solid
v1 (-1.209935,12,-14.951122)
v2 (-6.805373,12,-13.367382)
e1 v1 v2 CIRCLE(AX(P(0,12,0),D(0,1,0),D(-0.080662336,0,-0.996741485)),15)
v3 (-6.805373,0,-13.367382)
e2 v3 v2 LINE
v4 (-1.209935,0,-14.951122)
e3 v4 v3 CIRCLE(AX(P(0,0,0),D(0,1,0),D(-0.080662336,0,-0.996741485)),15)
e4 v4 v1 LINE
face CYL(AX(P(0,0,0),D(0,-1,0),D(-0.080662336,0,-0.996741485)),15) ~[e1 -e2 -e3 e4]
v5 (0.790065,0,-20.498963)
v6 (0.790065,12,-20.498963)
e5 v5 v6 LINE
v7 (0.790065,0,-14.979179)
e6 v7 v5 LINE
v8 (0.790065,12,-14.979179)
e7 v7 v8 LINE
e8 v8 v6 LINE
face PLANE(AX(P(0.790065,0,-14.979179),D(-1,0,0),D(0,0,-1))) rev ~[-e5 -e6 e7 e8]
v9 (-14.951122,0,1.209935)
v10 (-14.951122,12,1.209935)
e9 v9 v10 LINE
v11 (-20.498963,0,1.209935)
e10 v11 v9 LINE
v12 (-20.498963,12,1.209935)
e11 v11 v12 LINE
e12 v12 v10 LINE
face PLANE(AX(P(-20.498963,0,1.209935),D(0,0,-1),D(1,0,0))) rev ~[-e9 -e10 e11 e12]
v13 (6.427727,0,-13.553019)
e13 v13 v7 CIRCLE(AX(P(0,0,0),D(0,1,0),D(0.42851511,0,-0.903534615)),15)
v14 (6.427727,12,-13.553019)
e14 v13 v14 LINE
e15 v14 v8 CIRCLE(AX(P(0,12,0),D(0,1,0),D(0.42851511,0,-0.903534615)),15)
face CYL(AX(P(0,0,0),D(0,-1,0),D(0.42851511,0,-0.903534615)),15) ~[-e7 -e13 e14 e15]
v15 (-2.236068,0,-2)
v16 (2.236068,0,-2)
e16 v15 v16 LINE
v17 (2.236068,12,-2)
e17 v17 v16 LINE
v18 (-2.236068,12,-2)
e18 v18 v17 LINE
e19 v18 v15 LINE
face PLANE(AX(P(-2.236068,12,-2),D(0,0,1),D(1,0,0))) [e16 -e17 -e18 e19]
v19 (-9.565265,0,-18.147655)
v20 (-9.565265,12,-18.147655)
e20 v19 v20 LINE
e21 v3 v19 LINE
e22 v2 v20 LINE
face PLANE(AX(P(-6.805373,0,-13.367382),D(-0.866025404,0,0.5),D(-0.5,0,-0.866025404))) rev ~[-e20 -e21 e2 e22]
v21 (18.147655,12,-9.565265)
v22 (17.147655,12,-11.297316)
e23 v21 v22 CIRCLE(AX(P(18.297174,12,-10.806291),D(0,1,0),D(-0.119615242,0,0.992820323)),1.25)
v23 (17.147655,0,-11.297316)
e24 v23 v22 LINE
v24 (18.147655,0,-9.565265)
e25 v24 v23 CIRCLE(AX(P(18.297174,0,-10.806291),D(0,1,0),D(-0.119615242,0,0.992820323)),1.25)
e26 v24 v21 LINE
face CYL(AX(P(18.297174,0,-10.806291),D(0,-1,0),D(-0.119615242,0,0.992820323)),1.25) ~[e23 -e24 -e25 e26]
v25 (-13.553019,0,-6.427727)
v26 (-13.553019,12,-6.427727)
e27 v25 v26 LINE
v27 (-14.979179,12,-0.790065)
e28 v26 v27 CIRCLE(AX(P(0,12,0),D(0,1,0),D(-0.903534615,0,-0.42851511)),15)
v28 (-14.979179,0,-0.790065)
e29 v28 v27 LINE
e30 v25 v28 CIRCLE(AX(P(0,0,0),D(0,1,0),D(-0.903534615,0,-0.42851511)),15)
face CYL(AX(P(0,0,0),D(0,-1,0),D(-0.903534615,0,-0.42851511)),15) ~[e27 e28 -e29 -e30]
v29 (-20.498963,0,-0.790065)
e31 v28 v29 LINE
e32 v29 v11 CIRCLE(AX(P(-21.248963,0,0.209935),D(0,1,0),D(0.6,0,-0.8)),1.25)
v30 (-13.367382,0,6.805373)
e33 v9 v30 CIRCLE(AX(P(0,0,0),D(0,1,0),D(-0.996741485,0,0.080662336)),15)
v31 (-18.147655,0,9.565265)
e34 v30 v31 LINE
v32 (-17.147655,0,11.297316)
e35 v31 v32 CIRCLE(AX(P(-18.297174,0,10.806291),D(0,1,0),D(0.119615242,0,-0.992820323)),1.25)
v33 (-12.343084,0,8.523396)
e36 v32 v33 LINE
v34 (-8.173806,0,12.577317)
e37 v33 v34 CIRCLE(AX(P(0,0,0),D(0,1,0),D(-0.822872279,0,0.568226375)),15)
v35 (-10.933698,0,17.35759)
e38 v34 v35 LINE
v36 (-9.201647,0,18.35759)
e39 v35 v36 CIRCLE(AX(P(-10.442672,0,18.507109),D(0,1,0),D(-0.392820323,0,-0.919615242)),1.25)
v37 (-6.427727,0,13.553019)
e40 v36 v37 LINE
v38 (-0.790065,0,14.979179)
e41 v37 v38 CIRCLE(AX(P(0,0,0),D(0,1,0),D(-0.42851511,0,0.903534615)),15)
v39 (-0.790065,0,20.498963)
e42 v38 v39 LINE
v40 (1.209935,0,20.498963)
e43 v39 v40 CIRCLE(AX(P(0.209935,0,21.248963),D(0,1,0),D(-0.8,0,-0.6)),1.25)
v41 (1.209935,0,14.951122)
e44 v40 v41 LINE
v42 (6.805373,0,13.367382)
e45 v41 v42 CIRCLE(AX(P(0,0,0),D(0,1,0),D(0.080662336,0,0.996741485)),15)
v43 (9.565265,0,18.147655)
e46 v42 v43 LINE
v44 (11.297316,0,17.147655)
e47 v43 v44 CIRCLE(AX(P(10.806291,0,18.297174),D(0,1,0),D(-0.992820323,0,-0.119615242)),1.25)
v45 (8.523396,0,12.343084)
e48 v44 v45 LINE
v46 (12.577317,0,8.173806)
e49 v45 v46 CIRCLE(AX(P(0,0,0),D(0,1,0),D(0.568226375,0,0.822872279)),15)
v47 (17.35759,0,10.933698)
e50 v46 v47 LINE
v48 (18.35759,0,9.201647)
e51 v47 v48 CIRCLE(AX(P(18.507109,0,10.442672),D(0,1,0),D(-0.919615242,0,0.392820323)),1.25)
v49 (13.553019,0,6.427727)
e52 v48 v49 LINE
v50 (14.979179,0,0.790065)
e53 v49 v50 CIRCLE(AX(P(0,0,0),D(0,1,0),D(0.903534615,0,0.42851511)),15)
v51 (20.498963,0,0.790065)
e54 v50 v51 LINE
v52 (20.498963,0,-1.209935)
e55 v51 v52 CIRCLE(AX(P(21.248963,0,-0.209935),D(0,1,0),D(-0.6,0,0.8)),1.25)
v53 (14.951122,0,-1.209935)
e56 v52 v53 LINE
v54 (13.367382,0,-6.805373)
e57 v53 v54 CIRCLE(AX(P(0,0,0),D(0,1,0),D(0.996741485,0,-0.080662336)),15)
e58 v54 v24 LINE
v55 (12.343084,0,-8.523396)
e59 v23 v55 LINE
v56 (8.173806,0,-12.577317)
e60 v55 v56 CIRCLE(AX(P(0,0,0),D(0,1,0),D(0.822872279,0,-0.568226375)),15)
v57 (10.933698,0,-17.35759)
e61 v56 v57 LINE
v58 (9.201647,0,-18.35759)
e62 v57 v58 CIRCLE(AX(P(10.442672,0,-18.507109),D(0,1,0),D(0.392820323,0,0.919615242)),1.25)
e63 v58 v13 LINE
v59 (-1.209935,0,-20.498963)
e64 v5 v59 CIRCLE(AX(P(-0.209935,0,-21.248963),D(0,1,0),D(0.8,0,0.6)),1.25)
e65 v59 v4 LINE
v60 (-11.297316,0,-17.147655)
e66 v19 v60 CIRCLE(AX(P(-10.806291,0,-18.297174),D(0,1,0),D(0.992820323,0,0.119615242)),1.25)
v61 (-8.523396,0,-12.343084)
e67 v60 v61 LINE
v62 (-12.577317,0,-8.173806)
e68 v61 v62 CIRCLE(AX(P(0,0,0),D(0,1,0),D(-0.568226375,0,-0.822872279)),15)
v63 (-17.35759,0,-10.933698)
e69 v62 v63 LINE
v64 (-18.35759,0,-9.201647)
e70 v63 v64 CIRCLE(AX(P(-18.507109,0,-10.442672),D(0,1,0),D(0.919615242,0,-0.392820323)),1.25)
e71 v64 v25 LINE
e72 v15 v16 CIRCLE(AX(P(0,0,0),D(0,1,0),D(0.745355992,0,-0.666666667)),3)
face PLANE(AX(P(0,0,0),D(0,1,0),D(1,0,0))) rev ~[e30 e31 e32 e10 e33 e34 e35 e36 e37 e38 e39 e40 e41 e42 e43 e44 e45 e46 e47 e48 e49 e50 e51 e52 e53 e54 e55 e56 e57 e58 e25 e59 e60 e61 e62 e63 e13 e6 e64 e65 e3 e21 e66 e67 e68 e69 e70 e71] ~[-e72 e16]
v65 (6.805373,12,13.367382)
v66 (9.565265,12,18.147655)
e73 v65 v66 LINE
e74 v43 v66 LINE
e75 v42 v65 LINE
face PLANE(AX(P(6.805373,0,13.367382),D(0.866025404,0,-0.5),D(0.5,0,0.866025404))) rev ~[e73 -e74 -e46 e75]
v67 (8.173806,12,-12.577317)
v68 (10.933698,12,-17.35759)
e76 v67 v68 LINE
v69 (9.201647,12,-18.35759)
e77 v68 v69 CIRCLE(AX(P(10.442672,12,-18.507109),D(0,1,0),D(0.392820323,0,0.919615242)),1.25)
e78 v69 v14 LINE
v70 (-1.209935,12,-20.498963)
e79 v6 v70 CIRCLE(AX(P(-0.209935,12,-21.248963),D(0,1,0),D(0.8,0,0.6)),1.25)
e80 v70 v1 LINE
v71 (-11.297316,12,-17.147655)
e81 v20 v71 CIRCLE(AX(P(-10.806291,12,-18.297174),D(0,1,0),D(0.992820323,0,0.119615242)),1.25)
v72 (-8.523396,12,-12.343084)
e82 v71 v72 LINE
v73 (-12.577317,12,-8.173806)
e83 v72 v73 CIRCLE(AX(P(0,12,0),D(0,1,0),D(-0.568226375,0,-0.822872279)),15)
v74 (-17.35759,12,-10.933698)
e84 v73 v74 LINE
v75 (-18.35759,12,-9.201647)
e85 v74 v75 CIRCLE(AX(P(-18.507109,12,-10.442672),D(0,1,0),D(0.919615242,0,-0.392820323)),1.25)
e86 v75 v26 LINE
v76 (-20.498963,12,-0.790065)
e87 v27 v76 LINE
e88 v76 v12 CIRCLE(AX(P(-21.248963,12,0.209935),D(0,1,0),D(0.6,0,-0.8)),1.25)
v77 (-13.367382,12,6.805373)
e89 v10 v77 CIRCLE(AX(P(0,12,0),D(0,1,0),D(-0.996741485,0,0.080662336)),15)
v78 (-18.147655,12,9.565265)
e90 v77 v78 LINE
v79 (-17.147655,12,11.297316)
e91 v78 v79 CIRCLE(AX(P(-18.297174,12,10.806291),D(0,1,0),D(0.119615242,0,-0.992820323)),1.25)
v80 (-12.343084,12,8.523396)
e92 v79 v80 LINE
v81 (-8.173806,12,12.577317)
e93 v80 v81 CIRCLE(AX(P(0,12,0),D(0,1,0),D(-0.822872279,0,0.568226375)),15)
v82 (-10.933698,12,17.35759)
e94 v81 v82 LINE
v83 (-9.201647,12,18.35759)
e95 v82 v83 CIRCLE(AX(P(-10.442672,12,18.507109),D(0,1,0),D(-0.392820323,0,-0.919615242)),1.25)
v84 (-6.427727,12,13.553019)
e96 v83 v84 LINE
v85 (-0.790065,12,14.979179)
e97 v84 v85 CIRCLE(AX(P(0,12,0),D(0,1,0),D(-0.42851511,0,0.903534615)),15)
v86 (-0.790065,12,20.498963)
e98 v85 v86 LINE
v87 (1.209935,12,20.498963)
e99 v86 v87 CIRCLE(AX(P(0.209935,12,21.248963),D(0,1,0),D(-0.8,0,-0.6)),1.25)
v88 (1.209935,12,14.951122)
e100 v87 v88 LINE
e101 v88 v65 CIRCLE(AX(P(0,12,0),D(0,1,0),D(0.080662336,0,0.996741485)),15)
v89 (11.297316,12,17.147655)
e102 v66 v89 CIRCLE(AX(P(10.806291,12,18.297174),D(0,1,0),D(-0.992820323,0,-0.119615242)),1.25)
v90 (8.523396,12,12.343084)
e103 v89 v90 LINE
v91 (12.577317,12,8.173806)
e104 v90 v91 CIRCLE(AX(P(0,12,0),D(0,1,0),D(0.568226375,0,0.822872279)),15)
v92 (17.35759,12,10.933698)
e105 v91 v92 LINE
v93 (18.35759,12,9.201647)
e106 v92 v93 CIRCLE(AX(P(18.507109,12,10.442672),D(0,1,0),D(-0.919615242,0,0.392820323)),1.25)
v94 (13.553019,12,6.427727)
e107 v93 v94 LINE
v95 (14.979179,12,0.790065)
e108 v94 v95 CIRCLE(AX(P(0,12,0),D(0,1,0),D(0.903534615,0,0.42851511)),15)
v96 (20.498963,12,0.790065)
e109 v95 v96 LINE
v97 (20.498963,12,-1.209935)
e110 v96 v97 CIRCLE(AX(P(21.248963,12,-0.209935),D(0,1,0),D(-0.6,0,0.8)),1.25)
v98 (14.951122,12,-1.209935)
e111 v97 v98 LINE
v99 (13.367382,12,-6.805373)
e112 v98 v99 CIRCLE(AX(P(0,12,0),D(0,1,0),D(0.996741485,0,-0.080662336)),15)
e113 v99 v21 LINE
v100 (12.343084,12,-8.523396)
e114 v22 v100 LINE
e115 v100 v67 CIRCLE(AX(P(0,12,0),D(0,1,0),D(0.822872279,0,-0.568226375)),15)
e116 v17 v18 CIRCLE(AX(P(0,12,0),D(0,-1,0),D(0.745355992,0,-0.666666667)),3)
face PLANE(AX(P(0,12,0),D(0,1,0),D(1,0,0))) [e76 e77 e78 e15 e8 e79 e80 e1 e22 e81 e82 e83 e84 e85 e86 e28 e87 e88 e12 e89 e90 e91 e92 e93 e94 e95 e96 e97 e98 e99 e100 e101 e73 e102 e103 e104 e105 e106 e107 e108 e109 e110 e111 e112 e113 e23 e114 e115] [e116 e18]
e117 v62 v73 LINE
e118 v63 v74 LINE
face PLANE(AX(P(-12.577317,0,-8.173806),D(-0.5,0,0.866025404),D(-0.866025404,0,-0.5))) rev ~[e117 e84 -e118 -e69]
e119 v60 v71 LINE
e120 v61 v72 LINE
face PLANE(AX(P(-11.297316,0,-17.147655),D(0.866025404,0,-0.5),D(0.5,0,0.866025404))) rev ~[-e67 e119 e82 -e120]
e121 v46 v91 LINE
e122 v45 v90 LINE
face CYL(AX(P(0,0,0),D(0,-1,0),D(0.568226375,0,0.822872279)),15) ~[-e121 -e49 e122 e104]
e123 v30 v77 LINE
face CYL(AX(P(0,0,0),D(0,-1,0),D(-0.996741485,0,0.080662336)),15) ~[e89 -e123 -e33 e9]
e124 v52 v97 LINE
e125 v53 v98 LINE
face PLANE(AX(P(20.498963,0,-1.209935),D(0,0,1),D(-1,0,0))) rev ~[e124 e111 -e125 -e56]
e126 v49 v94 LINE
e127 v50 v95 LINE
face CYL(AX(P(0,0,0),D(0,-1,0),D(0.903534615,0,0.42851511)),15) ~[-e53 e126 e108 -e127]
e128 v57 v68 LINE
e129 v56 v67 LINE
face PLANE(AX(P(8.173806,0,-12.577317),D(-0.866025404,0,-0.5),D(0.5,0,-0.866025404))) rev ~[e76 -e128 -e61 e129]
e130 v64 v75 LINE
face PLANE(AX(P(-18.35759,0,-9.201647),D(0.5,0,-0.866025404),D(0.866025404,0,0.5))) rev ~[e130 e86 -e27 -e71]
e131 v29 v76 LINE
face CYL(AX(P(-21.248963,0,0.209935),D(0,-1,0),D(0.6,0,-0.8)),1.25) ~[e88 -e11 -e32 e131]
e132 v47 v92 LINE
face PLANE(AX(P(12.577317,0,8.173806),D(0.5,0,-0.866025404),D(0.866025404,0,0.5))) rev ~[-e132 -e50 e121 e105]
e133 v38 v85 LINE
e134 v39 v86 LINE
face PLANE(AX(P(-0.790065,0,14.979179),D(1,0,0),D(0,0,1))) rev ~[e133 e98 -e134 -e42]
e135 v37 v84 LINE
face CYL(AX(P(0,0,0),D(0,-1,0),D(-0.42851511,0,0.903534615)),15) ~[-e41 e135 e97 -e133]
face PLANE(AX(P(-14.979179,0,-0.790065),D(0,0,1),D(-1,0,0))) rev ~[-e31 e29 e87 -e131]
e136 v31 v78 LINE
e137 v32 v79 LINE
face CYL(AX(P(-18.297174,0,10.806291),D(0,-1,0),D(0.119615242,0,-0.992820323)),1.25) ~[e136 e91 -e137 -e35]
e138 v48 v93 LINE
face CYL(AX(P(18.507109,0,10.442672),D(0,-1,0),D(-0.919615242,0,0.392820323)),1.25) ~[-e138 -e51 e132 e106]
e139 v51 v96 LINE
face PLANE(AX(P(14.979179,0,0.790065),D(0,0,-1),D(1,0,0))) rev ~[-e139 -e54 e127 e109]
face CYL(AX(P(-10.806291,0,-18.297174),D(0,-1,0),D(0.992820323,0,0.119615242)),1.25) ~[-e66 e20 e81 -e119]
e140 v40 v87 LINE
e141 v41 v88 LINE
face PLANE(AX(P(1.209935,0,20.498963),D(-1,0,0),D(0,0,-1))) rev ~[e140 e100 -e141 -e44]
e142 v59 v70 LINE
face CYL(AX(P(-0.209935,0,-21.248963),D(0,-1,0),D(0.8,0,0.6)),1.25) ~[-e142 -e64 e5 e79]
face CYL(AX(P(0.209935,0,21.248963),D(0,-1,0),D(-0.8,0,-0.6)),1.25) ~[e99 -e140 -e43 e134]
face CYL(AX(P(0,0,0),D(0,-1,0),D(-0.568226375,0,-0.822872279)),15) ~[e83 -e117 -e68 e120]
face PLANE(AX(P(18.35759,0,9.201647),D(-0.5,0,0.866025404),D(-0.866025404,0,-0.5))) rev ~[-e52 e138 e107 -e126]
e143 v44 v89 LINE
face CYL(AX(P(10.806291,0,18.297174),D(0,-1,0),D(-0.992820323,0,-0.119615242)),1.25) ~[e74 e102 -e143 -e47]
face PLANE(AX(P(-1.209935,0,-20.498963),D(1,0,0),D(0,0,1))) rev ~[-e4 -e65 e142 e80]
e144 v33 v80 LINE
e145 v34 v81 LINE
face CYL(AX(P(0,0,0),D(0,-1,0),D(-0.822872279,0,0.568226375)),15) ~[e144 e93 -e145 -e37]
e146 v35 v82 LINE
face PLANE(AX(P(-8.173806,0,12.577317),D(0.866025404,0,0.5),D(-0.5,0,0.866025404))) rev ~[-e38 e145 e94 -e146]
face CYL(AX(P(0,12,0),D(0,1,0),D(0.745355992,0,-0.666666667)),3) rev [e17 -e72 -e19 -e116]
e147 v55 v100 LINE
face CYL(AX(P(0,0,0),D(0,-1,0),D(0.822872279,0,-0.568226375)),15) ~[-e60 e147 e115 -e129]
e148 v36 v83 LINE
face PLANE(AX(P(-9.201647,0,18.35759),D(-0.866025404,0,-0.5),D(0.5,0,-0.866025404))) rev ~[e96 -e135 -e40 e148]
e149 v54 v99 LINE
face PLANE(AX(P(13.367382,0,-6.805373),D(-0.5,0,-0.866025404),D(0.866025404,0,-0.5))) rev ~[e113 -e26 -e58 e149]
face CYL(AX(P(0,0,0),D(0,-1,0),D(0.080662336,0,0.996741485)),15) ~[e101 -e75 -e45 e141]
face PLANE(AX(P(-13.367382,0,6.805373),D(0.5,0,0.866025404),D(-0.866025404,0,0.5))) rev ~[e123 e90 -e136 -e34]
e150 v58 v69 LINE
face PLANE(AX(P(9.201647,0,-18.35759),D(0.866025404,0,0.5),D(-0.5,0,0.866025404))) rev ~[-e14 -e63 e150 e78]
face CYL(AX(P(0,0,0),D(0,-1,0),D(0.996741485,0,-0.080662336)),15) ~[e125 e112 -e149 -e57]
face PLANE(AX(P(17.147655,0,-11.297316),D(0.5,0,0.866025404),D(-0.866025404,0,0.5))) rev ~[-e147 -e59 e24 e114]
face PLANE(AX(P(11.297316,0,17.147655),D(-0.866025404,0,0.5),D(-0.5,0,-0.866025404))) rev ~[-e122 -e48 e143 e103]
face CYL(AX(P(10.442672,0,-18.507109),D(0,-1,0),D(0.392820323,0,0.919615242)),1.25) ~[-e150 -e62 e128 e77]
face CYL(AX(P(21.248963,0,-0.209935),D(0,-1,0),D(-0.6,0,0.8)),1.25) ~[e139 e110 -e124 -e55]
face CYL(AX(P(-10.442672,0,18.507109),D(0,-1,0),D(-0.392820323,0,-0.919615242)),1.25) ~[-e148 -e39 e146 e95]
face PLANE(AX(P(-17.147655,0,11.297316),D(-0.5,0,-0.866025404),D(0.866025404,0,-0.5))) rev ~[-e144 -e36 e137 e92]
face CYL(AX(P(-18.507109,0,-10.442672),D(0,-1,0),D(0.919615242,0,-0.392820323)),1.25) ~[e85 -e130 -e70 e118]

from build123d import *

# Parameters (mm, degrees)
BOSS_EXTRUDE1_DEPTH = 12
CUT_EXTRUDE1_DEPTH  = 13


with BuildPart() as part:
    # Sketch1 → Boss-Extrude1 (new body)
    with BuildSketch(Plane(origin=(0, 0, 0), x_dir=(1, 0, 0), z_dir=(0, 1, 0))):
        with BuildLine():
            Line((-1.209935044, 20.498962969), (-1.209935044, 14.951122272))
            ThreePointArc((-1.209935044, 14.951122272), (-4.085137635, 14.433005595), (-6.805373075, 13.367381842))
            Line((-6.805373075, 13.367381842), (-9.565265163, 18.147655161))
            ThreePointArc((-9.565265163, 18.147655161), (-11.431290566, 19.379705968), (-11.29731597, 17.147655161))
            Line((-11.29731597, 17.147655161), (-8.523395621, 12.34308418))
            ThreePointArc((-8.523395621, 12.34308418), (-10.754335768, 10.45678068), (-12.577316886, 8.17380572))
            Line((-12.577316886, 8.17380572), (-17.357590205, 10.933697807))
            ThreePointArc((-17.357590205, 10.933697807), (-19.589641013, 11.067672403), (-18.357590205, 9.201646999))
            Line((-18.357590205, 9.201646999), (-13.553019225, 6.427726651))
            ThreePointArc((-13.553019225, 6.427726651), (-14.541918316, 3.678669827), (-14.979178795, 0.790064956))
            Line((-14.979178795, 0.790064956), (-20.498962969, 0.790064956))
            ThreePointArc((-20.498962969, 0.790064956), (-22.498962969, -0.209935044), (-20.498962969, -1.209935044))
            Line((-20.498962969, -1.209935044), (-14.951122272, -1.209935044))
            ThreePointArc((-14.951122272, -1.209935044), (-14.433005595, -4.085137635), (-13.367381842, -6.805373075))
            Line((-13.367381842, -6.805373075), (-18.147655161, -9.565265163))
            ThreePointArc((-18.147655161, -9.565265163), (-19.379705968, -11.431290566), (-17.147655161, -11.29731597))
            Line((-17.147655161, -11.29731597), (-12.34308418, -8.523395621))
            ThreePointArc((-12.34308418, -8.523395621), (-10.45678068, -10.754335768), (-8.17380572, -12.577316886))
            Line((-8.17380572, -12.577316886), (-10.933697807, -17.357590205))
            ThreePointArc((-10.933697807, -17.357590205), (-11.067672403, -19.589641013), (-9.201646999, -18.357590205))
            Line((-9.201646999, -18.357590205), (-6.427726651, -13.553019225))
            ThreePointArc((-6.427726651, -13.553019225), (-3.678669827, -14.541918316), (-0.790064956, -14.979178795))
            Line((-0.790064956, -14.979178795), (-0.790064956, -20.498962969))
            ThreePointArc((-0.790064956, -20.498962969), (0.209935044, -22.498962969), (1.209935044, -20.498962969))
            Line((1.209935044, -20.498962969), (1.209935044, -14.951122272))
            ThreePointArc((1.209935044, -14.951122272), (4.085137635, -14.433005595), (6.805373075, -13.367381842))
            Line((6.805373075, -13.367381842), (9.565265163, -18.147655161))
            ThreePointArc((9.565265163, -18.147655161), (11.431290566, -19.379705968), (11.29731597, -17.147655161))
            Line((11.29731597, -17.147655161), (8.523395621, -12.34308418))
            ThreePointArc((8.523395621, -12.34308418), (10.754335768, -10.45678068), (12.577316886, -8.17380572))
            Line((12.577316886, -8.17380572), (17.357590205, -10.933697807))
            ThreePointArc((17.357590205, -10.933697807), (19.589641013, -11.067672403), (18.357590205, -9.201646999))
            Line((18.357590205, -9.201646999), (13.553019225, -6.427726651))
            ThreePointArc((13.553019225, -6.427726651), (14.541918316, -3.678669827), (14.979178795, -0.790064956))
            Line((14.979178795, -0.790064956), (20.498962969, -0.790064956))
            ThreePointArc((20.498962969, -0.790064956), (22.498962969, 0.209935044), (20.498962969, 1.209935044))
            Line((20.498962969, 1.209935044), (14.951122272, 1.209935044))
            ThreePointArc((14.951122272, 1.209935044), (14.433005595, 4.085137635), (13.367381842, 6.805373075))
            Line((13.367381842, 6.805373075), (18.147655161, 9.565265163))
            ThreePointArc((18.147655161, 9.565265163), (19.379705968, 11.431290566), (17.147655161, 11.29731597))
            Line((17.147655161, 11.29731597), (12.34308418, 8.523395621))
            ThreePointArc((12.34308418, 8.523395621), (10.45678068, 10.754335768), (8.17380572, 12.577316886))
            Line((8.17380572, 12.577316886), (10.933697807, 17.357590205))
            ThreePointArc((10.933697807, 17.357590205), (11.067672403, 19.589641013), (9.201646999, 18.357590205))
            Line((9.201646999, 18.357590205), (6.427726651, 13.553019225))
            ThreePointArc((6.427726651, 13.553019225), (3.678669827, 14.541918316), (0.790064956, 14.979178795))
            Line((0.790064956, 14.979178795), (0.790064956, 20.498962969))
            ThreePointArc((0.790064956, 20.498962969), (-0.209935044, 22.498962969), (-1.209935044, 20.498962969))
        make_face()
    extrude(amount=BOSS_EXTRUDE1_DEPTH)

    # Sketch2 → Cut-Extrude1 (cut, through all)
    with BuildSketch(Plane(origin=(0, 12, 0), x_dir=(1, 0, 0), z_dir=(0, 1, 0))):
        with BuildLine():
            Line((-2.236067977, 2), (2.236067977, 2))
            ThreePointArc((2.236067977, 2), (0, -3), (-2.236067977, 2))
        make_face()
    extrude(amount=-CUT_EXTRUDE1_DEPTH, mode=Mode.SUBTRACT)


solid = part.part
